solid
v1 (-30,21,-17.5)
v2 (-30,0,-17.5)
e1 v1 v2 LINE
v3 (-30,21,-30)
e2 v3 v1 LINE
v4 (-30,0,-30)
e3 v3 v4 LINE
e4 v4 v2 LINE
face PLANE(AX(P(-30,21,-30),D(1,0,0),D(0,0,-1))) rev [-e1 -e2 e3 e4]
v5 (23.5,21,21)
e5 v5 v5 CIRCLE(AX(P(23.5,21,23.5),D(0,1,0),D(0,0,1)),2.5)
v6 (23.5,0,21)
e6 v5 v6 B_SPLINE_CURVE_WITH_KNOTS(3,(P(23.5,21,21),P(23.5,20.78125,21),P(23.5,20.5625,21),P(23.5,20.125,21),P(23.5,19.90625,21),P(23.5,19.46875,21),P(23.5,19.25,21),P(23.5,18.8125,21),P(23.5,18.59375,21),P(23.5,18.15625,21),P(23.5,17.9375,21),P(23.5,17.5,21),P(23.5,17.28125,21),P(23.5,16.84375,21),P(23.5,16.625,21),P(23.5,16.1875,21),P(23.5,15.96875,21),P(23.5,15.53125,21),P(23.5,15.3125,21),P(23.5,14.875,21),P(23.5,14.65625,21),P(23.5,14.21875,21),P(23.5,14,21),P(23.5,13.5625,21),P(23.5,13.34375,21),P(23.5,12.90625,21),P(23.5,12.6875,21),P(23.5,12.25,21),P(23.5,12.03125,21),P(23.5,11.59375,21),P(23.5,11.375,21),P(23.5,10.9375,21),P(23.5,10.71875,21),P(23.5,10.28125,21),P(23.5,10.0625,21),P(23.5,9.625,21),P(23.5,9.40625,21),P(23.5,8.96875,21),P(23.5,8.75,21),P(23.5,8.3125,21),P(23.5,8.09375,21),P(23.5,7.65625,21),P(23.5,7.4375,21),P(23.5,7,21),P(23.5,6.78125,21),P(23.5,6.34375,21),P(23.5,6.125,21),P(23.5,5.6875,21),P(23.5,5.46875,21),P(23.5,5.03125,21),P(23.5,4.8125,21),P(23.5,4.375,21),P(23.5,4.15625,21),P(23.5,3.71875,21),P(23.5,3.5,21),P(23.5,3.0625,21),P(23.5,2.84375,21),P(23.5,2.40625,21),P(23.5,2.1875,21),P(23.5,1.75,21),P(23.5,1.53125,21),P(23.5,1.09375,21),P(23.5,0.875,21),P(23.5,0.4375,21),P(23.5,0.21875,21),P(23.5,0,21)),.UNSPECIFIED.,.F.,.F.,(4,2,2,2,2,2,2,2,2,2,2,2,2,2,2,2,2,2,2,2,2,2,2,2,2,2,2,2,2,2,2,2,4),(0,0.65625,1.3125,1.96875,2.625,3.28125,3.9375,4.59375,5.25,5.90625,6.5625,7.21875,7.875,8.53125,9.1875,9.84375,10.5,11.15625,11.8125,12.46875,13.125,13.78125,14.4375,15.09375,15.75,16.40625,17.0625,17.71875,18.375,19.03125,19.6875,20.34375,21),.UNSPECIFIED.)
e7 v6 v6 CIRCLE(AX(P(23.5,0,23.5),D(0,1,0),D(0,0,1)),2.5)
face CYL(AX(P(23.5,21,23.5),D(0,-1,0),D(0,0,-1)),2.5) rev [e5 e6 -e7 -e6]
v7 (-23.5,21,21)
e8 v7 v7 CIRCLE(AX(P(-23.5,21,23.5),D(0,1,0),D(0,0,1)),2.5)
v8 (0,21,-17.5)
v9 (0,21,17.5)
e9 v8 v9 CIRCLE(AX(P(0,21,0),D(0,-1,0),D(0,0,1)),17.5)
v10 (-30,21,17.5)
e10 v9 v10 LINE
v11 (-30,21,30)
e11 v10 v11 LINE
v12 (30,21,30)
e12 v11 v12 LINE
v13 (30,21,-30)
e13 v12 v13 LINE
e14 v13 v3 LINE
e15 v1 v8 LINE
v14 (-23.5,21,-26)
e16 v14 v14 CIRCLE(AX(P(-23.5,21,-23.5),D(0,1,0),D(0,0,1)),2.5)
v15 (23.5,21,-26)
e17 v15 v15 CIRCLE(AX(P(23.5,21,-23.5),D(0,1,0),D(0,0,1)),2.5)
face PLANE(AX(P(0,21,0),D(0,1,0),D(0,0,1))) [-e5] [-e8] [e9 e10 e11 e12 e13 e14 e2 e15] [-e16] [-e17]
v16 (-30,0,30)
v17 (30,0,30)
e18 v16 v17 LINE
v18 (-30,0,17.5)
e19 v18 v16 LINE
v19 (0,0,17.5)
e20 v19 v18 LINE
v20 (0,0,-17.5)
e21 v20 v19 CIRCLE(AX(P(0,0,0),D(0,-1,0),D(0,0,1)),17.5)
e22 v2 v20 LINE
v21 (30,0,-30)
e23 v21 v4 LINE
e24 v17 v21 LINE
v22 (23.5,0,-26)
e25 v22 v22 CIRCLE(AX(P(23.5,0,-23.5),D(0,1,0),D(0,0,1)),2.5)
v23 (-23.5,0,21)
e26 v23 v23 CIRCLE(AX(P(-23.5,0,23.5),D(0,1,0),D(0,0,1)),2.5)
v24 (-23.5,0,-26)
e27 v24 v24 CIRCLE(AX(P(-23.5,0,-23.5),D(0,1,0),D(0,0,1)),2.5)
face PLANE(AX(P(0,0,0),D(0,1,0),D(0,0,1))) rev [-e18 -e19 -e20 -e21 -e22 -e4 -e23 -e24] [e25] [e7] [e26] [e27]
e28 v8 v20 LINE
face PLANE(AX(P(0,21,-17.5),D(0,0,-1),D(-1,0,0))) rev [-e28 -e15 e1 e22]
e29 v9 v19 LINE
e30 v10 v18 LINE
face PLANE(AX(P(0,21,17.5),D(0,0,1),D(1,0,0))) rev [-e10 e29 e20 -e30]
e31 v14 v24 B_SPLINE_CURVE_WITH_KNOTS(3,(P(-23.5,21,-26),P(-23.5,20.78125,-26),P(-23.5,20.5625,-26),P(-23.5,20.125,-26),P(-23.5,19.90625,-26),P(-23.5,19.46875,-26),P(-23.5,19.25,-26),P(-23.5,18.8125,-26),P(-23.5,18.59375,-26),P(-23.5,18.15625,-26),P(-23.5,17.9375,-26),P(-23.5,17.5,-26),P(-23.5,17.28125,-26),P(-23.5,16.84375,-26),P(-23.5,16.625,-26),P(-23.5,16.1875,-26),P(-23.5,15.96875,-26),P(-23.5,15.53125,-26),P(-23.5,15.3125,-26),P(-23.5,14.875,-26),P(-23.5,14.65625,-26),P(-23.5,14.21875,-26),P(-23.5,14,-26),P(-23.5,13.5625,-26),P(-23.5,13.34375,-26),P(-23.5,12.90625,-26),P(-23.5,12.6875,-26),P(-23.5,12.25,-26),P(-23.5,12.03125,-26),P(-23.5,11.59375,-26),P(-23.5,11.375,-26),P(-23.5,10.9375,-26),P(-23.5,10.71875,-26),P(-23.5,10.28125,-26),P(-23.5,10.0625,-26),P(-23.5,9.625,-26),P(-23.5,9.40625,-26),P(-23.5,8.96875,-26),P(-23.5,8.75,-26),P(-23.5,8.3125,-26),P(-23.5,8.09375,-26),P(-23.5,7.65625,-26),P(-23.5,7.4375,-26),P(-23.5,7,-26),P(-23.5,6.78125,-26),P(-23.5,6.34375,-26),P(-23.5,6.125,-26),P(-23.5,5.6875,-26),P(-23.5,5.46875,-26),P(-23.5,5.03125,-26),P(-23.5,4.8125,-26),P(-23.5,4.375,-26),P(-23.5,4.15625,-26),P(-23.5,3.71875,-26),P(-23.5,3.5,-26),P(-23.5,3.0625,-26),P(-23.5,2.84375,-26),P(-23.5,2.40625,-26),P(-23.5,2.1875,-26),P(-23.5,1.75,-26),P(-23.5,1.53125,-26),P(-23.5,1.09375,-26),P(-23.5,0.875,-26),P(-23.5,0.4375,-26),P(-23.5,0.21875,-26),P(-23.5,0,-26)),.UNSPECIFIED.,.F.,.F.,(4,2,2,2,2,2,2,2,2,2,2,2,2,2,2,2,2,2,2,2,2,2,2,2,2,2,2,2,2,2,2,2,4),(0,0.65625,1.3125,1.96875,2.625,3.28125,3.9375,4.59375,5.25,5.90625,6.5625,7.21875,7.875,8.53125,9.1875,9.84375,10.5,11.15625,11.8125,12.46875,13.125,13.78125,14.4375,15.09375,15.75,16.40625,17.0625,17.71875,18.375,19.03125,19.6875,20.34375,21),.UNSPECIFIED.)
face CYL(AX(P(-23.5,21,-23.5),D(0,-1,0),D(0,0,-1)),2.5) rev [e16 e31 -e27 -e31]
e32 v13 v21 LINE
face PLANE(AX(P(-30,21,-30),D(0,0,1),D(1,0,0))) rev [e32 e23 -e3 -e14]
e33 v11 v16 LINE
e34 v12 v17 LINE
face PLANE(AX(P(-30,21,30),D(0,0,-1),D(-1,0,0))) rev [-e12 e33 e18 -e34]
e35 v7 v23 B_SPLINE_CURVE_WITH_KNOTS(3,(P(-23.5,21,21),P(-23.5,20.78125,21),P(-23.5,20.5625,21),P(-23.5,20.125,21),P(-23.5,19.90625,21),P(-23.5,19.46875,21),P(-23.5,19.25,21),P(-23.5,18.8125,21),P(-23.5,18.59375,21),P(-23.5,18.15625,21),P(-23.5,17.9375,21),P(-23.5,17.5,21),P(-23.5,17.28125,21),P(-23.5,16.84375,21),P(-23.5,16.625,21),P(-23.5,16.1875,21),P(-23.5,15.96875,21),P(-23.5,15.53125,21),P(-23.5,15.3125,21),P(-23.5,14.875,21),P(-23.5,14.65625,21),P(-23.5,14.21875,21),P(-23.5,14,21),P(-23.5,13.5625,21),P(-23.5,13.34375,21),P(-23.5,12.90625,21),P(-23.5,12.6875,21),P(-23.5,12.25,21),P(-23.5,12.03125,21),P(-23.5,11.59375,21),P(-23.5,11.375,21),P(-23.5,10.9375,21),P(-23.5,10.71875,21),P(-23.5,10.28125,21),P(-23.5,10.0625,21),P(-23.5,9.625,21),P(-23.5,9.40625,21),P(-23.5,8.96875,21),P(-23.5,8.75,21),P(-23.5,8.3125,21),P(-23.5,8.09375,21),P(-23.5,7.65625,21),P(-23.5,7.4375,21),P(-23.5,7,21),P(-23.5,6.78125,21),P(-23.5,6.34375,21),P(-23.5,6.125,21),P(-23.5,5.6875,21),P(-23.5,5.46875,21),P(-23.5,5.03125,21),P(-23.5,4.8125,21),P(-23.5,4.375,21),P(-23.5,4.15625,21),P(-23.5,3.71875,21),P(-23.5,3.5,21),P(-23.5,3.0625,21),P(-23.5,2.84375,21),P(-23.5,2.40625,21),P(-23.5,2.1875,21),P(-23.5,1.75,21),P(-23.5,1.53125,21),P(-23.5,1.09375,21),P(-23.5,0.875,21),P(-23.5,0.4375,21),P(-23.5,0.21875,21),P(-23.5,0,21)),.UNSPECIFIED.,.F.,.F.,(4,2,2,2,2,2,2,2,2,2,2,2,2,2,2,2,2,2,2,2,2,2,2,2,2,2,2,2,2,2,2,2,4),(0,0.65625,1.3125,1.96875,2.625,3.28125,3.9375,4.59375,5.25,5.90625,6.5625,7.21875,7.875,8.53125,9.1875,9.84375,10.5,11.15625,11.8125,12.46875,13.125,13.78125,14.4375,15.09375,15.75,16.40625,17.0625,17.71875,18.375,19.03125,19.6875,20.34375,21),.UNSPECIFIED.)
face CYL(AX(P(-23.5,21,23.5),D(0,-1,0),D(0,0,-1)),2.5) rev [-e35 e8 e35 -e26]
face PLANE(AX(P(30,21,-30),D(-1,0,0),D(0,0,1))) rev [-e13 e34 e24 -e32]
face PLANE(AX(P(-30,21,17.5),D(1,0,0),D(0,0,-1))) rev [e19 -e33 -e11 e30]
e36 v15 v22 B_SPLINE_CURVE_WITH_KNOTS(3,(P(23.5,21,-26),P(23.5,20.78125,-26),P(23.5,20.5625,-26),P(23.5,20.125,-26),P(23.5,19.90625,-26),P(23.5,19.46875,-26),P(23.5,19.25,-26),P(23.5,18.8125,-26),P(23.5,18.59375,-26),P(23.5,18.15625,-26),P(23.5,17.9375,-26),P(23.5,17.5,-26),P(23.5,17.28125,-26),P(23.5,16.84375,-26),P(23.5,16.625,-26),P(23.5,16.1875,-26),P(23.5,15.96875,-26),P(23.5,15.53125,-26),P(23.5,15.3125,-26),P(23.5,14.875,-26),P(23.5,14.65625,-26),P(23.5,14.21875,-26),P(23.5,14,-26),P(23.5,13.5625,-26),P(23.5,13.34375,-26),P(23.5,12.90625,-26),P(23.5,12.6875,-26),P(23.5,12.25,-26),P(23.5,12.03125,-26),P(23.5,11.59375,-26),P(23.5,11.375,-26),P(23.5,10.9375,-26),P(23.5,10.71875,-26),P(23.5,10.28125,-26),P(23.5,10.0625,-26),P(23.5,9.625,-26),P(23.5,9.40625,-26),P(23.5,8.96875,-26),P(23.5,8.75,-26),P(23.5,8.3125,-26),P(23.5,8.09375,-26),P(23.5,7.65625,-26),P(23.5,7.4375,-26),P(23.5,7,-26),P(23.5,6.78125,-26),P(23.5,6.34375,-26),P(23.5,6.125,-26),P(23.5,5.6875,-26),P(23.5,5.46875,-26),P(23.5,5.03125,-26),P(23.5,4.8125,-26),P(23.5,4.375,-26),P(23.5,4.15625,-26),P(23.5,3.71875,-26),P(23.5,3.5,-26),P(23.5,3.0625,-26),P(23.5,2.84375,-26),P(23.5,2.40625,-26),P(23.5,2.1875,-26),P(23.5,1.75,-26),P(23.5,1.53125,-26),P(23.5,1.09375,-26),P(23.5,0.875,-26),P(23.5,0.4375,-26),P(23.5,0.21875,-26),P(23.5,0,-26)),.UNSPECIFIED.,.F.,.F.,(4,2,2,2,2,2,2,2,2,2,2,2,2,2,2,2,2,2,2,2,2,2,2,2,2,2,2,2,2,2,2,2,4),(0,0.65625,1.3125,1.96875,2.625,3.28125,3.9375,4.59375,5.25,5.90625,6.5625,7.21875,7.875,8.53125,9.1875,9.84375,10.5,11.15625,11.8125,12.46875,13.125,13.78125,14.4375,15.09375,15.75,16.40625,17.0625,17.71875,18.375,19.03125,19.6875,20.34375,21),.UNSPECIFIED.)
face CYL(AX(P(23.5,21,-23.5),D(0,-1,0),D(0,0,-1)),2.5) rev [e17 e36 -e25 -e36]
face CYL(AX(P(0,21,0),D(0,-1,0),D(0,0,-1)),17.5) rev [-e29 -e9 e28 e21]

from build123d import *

# Parameters (mm, degrees)
SKETCH1_R           = 2.5
BOSS_EXTRUDE1_DEPTH = 21


with BuildPart() as part:
    # Sketch1 → Boss-Extrude1 (new body)
    with BuildSketch(Plane(origin=(0, 0, 0), x_dir=(1, 0, 0), z_dir=(0, 1, 0))):
        with BuildLine():
            Line((0, 17.5), (-30, 17.5))
            Line((-30, 17.5), (-30, 30))
            Line((-30, 30), (30, 30))
            Line((30, 30), (30, -30))
            Line((30, -30), (-30, -30))
            Line((-30, -30), (-30, -17.5))
            Line((-30, -17.5), (0, -17.5))
            ThreePointArc((0, -17.5), (17.5, 0), (0, 17.5))
        make_face()
        with Locations(Location((-23.5, 23.5, 0), (0, 0, 90))):
            Circle(SKETCH1_R, mode=Mode.SUBTRACT)
        with Locations(Location((23.5, 23.5, 0), (0, 0, 90))):
            Circle(SKETCH1_R, mode=Mode.SUBTRACT)
        with Locations(Location((-23.5, -23.5, 0), (0, 0, 90))):
            Circle(SKETCH1_R, mode=Mode.SUBTRACT)
        with Locations(Location((23.5, -23.5, 0), (0, 0, 90))):
            Circle(SKETCH1_R, mode=Mode.SUBTRACT)
    extrude(amount=BOSS_EXTRUDE1_DEPTH)


solid = part.part
